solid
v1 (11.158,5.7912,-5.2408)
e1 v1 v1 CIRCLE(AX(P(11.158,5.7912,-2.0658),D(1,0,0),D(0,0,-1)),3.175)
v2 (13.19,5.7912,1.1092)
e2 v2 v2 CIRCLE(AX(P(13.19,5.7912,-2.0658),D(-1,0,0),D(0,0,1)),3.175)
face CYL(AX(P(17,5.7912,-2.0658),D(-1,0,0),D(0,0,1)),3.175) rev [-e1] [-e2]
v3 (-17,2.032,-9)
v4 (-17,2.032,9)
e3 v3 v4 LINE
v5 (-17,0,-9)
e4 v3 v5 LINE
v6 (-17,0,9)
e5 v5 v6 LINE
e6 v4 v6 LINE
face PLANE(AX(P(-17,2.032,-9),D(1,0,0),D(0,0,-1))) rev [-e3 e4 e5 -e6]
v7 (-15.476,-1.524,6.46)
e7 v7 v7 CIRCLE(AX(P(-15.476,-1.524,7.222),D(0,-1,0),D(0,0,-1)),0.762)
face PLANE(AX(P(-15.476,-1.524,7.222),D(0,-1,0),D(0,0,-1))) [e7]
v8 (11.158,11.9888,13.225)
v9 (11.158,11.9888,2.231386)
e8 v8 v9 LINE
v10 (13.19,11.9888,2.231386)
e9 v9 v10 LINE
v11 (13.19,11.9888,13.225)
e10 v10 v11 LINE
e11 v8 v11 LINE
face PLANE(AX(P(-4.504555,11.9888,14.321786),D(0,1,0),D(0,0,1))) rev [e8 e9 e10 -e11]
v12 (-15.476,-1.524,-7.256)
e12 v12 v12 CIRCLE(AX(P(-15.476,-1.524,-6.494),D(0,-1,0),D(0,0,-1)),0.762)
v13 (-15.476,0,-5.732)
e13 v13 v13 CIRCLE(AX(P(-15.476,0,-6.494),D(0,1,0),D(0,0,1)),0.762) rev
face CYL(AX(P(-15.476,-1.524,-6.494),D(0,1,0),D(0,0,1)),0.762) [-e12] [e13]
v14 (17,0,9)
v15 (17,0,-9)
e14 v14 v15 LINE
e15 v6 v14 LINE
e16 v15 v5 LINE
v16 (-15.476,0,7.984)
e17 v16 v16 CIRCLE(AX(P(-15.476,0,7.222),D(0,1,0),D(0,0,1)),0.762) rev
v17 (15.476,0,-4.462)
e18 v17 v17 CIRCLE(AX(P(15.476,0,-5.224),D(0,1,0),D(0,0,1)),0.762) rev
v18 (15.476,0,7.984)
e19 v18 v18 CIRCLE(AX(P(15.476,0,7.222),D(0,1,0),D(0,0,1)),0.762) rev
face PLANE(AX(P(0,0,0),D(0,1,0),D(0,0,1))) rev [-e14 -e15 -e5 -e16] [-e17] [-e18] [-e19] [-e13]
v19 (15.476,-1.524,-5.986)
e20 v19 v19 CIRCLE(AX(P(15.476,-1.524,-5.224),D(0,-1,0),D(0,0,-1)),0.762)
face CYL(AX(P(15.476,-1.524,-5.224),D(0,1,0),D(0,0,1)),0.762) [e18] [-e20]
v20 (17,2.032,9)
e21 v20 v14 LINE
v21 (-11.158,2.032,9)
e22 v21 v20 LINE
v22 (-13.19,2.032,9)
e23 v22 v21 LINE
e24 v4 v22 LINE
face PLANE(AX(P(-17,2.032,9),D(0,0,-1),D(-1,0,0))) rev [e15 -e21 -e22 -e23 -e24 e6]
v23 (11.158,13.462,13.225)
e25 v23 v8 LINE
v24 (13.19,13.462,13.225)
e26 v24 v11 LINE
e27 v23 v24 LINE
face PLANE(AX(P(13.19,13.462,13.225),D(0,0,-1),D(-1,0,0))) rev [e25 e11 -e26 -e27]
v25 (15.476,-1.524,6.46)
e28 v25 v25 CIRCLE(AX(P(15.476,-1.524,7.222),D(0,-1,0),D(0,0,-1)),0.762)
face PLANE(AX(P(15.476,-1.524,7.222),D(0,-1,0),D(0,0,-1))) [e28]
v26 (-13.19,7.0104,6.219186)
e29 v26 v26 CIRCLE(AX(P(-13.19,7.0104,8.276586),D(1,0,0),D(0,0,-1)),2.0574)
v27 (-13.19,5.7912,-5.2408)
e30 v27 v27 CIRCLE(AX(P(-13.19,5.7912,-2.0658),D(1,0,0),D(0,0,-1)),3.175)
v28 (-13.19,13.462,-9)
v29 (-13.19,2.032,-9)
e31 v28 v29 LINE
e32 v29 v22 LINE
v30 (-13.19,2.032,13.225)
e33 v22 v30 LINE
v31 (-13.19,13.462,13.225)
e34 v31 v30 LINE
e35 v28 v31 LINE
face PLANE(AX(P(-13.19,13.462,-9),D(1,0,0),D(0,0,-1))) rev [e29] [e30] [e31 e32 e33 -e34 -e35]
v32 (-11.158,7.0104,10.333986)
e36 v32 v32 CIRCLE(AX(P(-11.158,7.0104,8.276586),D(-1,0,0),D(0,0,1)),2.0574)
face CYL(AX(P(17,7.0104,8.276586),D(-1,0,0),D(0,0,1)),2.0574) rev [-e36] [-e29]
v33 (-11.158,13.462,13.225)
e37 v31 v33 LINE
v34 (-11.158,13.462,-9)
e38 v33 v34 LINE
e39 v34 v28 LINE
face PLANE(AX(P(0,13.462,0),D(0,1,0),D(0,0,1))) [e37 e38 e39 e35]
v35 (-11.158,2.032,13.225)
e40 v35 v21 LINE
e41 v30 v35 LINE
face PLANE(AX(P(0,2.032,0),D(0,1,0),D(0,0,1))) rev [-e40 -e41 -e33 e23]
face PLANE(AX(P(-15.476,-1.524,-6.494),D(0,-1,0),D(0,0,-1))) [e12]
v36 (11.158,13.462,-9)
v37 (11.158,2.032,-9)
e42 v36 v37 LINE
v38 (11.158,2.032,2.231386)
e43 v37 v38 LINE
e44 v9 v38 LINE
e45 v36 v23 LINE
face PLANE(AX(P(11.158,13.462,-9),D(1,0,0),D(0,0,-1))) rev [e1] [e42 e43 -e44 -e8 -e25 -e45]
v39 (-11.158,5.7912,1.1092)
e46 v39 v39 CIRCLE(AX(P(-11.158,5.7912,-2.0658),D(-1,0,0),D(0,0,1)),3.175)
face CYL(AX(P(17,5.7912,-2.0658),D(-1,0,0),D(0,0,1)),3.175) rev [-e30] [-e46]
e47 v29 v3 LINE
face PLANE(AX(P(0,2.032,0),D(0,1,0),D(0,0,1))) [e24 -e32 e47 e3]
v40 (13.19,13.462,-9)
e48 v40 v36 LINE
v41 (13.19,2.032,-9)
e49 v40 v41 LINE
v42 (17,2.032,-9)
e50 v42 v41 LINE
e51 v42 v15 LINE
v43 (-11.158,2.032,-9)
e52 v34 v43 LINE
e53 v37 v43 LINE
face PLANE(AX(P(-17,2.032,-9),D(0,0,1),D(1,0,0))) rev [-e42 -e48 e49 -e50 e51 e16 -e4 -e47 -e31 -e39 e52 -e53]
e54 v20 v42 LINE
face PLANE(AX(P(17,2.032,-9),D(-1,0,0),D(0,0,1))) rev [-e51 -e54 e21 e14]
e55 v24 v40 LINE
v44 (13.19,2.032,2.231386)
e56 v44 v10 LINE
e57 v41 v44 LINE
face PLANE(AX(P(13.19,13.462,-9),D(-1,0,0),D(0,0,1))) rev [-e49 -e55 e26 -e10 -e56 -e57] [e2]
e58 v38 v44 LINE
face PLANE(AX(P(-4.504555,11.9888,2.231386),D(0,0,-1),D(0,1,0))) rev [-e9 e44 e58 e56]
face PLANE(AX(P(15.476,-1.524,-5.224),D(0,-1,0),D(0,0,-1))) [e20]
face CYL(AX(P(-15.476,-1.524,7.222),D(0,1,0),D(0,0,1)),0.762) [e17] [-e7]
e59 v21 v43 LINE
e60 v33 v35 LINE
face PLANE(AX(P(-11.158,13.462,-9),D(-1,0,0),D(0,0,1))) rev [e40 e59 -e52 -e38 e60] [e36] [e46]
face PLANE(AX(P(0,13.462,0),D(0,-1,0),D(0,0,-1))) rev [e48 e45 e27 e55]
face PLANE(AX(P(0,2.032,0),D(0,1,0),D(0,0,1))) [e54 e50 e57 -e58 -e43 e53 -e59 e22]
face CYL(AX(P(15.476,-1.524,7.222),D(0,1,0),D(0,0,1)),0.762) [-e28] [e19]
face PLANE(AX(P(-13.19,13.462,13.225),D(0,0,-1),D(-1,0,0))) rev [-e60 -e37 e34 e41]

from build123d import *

# Parameters (mm, degrees)
SKETCH1_W               = 34
SKETCH1_H               = 18
BOSS_EXTRUDE1_DEPTH     = 2.032
SKETCH2_R               = 0.762
BOSS_EXTRUDE2_DEPTH     = 1.524
SKETCH4_W               = 2.032
SKETCH4_H               = 22.225
BOSS_EXTRUDE3_DEPTH     = 11.43
SKETCH3_R               = 3.175
SKETCH3_R_2             = 2.0574
CUT_EXTRUDE1_DEPTH      = 1
CUT_EXTRUDE1_DEPTH_BACK = 35
SKETCH5_W               = 12.0904
SKETCH5_H               = 9.9568
CUT_EXTRUDE2_DEPTH      = 2.032


with BuildPart() as part:
    # Sketch1 → Boss-Extrude1 (new body)
    with BuildSketch(Plane(origin=(0, 0, 0), x_dir=(1, 0, 0), z_dir=(0, 1, 0))):
        Rectangle(SKETCH1_W, SKETCH1_H)
    extrude(amount=BOSS_EXTRUDE1_DEPTH)

    # Sketch2 → Boss-Extrude2 (add)
    with BuildSketch(Plane(origin=(0, 0, 0), x_dir=(-1, 0, 0), z_dir=(0, -1, 0))):
        with Locations((-15.476, 5.224)):
            Circle(SKETCH2_R)
        with Locations((-15.476, -7.222)):
            Circle(SKETCH2_R)
        with Locations((15.476, -7.222)):
            Circle(SKETCH2_R)
        with Locations((15.476, 6.494)):
            Circle(SKETCH2_R)
    extrude(amount=BOSS_EXTRUDE2_DEPTH)

    # Sketch4 → Boss-Extrude3 (add)
    with BuildSketch(Plane(origin=(0, 2.032, 0), x_dir=(1, 0, 0), z_dir=(0, 1, 0))):
        with Locations((-12.174, -2.1125)):
            Rectangle(SKETCH4_W, SKETCH4_H)
        with Locations((12.174, -2.1125)):
            Rectangle(SKETCH4_W, SKETCH4_H)
    extrude(amount=BOSS_EXTRUDE3_DEPTH)

    # Sketch3 → Cut-Extrude1 (cut, two sides)
    with BuildSketch(Plane.ZY.offset(17)) as cut_extrude1_sk:
        with Locations((-2.0658, 5.7912)):
            Circle(SKETCH3_R)
        with Locations((8.276585961, 7.0104)):
            Circle(SKETCH3_R_2)
    extrude(amount=CUT_EXTRUDE1_DEPTH, mode=Mode.SUBTRACT)
    extrude(cut_extrude1_sk.sketch, amount=-CUT_EXTRUDE1_DEPTH_BACK, mode=Mode.SUBTRACT)

    # Sketch5 → Cut-Extrude2 (cut)
    with BuildSketch(Plane(origin=(13.19, 0, 0), x_dir=(0, 0, -1), z_dir=(1, 0, 0))):
        with Locations((-8.276585961, 7.0104)):
            Rectangle(SKETCH5_W, SKETCH5_H)
    extrude(amount=-CUT_EXTRUDE2_DEPTH, mode=Mode.SUBTRACT)


solid = part.part
